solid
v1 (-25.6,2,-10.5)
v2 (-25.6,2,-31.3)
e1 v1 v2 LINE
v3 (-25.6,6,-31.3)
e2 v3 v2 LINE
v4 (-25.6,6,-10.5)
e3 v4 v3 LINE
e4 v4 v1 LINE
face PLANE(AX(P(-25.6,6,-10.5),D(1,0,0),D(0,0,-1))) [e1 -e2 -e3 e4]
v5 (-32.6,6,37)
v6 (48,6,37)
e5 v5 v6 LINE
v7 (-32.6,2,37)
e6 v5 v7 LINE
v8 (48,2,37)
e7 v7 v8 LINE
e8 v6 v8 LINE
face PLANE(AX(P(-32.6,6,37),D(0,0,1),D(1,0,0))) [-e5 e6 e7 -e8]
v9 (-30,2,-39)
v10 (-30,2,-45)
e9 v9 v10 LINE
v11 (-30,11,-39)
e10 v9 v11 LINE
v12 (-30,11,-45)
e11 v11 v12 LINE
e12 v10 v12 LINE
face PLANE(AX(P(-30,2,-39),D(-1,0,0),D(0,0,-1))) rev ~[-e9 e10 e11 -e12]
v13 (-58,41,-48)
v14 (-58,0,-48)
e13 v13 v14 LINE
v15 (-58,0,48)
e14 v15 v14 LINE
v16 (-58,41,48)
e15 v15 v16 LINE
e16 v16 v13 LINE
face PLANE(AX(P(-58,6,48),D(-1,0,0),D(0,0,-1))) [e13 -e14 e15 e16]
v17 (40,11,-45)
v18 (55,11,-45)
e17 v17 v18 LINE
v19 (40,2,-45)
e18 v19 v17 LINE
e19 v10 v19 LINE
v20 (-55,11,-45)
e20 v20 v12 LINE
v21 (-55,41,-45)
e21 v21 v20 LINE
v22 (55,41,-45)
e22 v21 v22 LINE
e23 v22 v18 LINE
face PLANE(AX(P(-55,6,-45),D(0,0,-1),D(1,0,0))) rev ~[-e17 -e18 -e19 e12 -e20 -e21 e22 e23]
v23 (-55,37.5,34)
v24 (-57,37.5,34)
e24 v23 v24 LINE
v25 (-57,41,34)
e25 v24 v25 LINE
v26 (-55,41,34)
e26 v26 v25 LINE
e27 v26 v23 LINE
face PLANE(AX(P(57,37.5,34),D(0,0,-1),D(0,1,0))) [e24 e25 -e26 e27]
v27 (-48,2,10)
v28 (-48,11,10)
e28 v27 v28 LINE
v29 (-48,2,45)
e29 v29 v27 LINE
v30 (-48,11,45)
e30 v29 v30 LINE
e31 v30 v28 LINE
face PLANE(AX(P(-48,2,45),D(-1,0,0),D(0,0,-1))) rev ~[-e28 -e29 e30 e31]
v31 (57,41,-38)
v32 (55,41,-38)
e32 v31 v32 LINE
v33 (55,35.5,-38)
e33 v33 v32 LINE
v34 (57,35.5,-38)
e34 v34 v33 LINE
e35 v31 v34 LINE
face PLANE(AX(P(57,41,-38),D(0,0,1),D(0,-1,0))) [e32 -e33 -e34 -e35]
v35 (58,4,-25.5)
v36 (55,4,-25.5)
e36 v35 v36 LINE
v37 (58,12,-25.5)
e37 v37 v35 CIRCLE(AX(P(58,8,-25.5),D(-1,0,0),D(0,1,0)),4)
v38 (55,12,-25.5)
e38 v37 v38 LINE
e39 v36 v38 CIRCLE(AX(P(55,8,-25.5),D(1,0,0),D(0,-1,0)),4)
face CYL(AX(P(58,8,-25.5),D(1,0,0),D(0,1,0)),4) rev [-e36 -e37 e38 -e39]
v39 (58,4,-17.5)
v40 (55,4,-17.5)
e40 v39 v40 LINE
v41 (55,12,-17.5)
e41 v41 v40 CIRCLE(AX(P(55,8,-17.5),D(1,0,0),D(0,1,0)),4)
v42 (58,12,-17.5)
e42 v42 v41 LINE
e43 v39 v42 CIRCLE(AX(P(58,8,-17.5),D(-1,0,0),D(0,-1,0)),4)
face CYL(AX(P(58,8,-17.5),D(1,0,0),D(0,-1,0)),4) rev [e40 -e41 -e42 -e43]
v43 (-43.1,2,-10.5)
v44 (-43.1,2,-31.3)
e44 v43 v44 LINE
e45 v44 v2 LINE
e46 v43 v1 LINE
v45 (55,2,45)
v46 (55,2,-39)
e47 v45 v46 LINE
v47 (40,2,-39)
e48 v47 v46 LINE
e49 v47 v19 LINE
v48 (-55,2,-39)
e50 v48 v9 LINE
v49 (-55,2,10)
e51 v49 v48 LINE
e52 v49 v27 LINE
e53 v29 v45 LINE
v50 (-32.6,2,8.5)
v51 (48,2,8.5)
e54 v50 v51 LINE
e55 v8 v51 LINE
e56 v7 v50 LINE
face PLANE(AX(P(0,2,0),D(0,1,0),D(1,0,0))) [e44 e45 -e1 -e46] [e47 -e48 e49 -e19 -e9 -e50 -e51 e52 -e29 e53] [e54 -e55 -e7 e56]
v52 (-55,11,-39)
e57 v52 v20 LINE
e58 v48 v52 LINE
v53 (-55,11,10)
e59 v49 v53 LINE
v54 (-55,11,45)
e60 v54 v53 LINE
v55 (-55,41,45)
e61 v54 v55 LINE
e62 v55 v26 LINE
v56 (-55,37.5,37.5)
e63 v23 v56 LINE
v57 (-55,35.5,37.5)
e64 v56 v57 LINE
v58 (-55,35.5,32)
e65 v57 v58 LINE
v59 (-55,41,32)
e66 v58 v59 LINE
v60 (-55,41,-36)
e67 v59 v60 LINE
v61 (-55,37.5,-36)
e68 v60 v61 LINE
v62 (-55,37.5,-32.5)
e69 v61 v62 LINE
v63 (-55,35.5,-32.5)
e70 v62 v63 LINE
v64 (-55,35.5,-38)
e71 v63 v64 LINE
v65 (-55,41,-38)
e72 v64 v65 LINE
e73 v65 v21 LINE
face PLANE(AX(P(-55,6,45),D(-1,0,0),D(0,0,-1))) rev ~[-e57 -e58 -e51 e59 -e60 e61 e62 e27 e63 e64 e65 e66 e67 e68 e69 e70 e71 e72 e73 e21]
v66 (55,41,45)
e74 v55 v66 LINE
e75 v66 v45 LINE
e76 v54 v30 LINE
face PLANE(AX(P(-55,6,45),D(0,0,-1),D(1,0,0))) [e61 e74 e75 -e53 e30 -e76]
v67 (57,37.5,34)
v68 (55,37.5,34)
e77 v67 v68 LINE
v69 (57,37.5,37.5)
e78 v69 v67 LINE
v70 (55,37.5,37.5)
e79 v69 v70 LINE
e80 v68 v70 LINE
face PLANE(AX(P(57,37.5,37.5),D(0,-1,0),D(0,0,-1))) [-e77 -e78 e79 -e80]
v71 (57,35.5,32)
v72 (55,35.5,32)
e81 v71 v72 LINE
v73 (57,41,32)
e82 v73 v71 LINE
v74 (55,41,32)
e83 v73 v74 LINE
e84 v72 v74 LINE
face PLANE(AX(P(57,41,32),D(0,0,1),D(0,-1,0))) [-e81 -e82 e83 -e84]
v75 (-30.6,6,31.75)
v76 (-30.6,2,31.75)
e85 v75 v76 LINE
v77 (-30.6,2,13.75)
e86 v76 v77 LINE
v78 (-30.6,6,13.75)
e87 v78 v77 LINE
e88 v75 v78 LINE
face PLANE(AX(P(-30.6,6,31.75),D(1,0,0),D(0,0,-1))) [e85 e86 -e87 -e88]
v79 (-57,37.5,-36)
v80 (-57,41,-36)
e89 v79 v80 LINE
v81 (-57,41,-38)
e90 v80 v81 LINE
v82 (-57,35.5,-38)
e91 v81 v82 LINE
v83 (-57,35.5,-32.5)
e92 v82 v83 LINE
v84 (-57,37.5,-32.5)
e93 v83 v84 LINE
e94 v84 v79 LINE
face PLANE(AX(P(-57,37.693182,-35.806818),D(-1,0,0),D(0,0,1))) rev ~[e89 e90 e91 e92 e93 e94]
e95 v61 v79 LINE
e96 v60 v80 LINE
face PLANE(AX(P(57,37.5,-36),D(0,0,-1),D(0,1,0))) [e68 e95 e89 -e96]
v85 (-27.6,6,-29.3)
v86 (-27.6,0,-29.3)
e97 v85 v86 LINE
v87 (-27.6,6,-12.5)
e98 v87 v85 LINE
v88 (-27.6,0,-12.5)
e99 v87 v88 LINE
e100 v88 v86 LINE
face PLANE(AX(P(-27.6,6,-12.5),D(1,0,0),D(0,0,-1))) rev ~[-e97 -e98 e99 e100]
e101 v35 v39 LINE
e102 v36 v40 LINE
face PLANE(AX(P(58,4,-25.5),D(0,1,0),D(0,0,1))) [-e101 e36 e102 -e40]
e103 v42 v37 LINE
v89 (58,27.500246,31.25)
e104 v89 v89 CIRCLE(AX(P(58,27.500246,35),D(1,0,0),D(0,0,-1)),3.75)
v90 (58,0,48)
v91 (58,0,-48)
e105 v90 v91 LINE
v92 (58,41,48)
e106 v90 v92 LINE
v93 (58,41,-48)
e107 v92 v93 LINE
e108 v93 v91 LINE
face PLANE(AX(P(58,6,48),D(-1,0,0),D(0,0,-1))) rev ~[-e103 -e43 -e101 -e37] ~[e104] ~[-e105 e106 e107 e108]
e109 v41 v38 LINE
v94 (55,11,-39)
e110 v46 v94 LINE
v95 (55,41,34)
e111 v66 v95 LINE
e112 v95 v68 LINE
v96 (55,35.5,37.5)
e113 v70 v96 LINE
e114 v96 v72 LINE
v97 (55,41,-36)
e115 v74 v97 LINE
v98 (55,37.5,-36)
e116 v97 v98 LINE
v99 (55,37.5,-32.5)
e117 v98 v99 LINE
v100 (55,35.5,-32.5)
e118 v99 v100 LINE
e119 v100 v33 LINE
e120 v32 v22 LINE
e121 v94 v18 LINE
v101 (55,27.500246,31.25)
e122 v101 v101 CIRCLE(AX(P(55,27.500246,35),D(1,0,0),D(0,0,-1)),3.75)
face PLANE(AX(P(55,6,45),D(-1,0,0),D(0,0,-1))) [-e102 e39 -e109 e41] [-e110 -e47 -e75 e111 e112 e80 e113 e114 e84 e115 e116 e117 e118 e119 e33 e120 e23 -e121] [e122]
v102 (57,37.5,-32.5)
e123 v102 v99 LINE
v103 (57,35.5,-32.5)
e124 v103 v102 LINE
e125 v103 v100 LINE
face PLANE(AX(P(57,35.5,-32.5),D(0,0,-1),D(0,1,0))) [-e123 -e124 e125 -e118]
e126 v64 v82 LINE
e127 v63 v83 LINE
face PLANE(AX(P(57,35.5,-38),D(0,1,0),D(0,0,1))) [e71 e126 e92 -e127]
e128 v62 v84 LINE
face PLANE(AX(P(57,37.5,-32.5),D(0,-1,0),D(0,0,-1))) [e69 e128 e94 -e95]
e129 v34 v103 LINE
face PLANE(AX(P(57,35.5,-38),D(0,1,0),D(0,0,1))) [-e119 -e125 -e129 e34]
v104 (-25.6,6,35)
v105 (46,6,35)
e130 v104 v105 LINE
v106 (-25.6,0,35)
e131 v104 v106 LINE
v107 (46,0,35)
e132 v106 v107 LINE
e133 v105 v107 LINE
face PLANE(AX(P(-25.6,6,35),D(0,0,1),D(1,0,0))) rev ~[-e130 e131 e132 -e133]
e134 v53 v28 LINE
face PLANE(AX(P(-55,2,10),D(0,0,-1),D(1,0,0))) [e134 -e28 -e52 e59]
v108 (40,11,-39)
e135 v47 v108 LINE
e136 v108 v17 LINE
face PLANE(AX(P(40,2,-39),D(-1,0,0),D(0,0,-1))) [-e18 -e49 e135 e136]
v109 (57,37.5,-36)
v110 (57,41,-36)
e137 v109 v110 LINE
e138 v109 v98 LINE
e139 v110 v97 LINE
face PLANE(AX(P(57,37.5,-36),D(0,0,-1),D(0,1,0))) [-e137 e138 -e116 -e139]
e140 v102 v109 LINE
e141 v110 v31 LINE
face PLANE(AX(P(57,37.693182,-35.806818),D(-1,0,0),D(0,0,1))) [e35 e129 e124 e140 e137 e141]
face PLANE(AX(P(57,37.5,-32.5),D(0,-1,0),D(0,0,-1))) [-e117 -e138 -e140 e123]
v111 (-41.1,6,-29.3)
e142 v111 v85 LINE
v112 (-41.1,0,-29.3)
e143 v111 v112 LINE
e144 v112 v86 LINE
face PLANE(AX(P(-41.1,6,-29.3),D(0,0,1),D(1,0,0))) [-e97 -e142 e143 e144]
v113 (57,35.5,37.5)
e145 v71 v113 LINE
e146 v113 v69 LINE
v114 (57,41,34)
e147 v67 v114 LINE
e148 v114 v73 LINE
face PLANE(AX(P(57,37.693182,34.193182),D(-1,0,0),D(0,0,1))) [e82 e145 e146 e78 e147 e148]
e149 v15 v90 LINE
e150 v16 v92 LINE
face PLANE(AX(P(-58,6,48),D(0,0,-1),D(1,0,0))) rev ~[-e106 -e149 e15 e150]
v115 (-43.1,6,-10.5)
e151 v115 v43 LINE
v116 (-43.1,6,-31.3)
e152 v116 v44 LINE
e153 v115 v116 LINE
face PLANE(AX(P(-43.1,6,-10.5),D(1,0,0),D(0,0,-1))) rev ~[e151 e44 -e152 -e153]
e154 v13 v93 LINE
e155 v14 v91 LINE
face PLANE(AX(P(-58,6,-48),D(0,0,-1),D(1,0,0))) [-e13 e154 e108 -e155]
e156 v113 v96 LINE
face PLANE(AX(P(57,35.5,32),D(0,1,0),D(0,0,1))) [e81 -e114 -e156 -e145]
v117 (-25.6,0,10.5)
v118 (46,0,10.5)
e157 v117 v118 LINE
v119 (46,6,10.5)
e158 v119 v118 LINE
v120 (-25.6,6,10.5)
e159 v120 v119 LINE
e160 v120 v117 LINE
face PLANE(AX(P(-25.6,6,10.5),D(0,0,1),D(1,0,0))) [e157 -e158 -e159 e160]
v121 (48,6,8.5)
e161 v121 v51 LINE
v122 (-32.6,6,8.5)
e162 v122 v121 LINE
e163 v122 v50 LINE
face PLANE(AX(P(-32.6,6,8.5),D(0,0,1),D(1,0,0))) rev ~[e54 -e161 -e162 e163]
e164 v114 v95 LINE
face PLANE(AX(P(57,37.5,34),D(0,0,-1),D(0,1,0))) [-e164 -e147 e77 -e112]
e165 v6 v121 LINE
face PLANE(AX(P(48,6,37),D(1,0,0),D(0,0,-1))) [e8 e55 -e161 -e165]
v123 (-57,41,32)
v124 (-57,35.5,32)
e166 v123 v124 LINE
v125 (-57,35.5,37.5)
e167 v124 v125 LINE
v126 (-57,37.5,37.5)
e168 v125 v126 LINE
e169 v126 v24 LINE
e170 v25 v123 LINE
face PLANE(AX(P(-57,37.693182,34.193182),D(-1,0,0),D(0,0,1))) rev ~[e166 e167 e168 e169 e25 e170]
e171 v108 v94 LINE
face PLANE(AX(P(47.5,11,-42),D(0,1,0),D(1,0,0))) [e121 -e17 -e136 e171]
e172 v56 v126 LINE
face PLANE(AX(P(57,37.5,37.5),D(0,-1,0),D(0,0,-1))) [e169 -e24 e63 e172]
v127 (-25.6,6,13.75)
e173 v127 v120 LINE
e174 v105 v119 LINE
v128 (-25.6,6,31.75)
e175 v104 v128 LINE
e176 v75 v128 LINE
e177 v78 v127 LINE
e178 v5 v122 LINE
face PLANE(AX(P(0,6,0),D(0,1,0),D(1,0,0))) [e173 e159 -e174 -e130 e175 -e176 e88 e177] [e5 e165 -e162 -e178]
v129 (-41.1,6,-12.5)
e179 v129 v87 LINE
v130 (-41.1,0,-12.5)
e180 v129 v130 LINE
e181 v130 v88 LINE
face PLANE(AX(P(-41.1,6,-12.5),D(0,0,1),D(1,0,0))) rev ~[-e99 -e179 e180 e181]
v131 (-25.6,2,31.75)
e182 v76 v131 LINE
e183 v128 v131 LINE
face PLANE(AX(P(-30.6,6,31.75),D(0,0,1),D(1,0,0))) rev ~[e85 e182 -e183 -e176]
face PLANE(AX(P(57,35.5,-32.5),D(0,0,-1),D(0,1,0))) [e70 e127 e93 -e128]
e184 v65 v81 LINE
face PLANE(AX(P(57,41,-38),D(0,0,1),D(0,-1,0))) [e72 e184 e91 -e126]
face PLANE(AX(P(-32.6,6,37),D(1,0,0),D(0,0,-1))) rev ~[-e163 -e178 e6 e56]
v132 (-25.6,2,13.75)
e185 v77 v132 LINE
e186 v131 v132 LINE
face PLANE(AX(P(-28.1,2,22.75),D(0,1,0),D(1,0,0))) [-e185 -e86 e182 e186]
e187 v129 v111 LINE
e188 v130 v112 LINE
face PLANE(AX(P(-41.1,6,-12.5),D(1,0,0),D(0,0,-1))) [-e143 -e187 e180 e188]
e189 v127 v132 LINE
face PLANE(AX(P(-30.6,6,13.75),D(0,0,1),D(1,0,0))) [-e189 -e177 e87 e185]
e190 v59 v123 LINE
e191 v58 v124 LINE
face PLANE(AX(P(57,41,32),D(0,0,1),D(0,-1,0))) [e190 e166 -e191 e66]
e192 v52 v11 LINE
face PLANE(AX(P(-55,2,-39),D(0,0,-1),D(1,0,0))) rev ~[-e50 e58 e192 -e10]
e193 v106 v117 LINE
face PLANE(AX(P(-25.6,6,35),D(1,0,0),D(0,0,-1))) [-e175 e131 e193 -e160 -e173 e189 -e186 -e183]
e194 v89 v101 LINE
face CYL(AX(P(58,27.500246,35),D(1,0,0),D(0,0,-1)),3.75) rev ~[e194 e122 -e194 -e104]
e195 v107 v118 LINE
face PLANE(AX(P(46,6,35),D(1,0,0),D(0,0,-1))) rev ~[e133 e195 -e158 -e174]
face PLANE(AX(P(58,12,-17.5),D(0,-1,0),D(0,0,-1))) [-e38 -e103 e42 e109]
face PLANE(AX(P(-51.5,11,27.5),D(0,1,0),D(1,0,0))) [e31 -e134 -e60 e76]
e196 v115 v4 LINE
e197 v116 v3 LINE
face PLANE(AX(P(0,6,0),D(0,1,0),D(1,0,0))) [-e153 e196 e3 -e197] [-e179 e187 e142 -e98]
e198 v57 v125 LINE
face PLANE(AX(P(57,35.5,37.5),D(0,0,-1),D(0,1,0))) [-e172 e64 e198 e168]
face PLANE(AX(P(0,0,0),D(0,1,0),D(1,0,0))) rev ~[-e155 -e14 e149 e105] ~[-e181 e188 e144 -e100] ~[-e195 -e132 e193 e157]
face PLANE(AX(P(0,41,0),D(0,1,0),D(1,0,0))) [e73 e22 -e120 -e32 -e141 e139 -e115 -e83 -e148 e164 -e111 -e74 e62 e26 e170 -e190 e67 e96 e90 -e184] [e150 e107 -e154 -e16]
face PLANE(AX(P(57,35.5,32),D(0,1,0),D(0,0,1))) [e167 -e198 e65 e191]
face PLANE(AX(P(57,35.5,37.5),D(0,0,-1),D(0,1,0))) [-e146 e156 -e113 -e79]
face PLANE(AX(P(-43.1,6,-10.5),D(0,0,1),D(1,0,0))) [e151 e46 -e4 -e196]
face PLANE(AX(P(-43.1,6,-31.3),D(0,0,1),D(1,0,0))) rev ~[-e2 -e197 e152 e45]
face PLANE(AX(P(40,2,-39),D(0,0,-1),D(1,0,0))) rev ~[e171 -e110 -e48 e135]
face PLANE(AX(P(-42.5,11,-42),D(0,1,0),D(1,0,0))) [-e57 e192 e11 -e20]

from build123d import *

# Parameters (mm, degrees)
SKETCH1_W           = 116
SKETCH1_H           = 96
BOSS_EXTRUDE1_DEPTH = 6
SKETCH2_W           = 116
SKETCH2_H           = 96
SKETCH2_W_2         = 110
SKETCH2_H_2         = 90
BOSS_EXTRUDE2_DEPTH = 35
SKETCH3_W           = 71.6
SKETCH3_H           = 24.5
SKETCH3_W_2         = 13.5
SKETCH3_H_2         = 16.8
CUT_EXTRUDE1_DEPTH  = 35
SKETCH4_W           = 5
SKETCH4_H           = 18
CUT_EXTRUDE2_DEPTH  = 4
SKETCH6_R           = 3.75
CUT_EXTRUDE3_DEPTH  = 3
SKETCH7_W           = 110
SKETCH7_H           = 90
SKETCH7_W_2         = 80.6
SKETCH7_H_2         = 28.5
SKETCH7_W_3         = 17.5
SKETCH7_H_3         = 20.8
CUT_EXTRUDE4_DEPTH  = 4
SKETCH8_W           = 7
SKETCH8_H           = 35
SKETCH8_W_2         = 15
SKETCH8_H_2         = 6
SKETCH8_W_3         = 25
BOSS_EXTRUDE3_DEPTH = 9
CUT_EXTRUDE6_START  = -1
CUT_EXTRUDE6_DEPTH  = 114


with BuildPart() as part:
    # Sketch1 → Boss-Extrude1 (new body)
    with BuildSketch(Plane(origin=(0, 0, 0), x_dir=(1, 0, 0), z_dir=(0, 1, 0))):
        Rectangle(SKETCH1_W, SKETCH1_H)
    extrude(amount=BOSS_EXTRUDE1_DEPTH)

    # Sketch2 → Boss-Extrude2 (add)
    with BuildSketch(Plane(origin=(0, 6, 0), x_dir=(1, 0, 0), z_dir=(0, 1, 0))):
        Rectangle(SKETCH2_W, SKETCH2_H)
        Rectangle(SKETCH2_W_2, SKETCH2_H_2, mode=Mode.SUBTRACT)
    extrude(amount=BOSS_EXTRUDE2_DEPTH)

    # Sketch3 → Cut-Extrude1 (cut)
    with BuildSketch(Plane(origin=(0, 6, 0), x_dir=(1, 0, 0), z_dir=(0, 1, 0))):
        with Locations((10.2, -22.75)):
            Rectangle(SKETCH3_W, SKETCH3_H)
        with Locations((-34.35, 20.9)):
            Rectangle(SKETCH3_W_2, SKETCH3_H_2)
    extrude(amount=-CUT_EXTRUDE1_DEPTH, mode=Mode.SUBTRACT)

    # Sketch4 → Cut-Extrude2 (cut)
    with BuildSketch(Plane(origin=(0, 6, 0), x_dir=(1, 0, 0), z_dir=(0, 1, 0))):
        with Locations((-28.1, -22.75)):
            Rectangle(SKETCH4_W, SKETCH4_H)
    extrude(amount=-CUT_EXTRUDE2_DEPTH, mode=Mode.SUBTRACT)

    # Sketch6 → Cut-Extrude3 (cut)
    with BuildSketch(Plane(origin=(58, 0, 0), x_dir=(0, 0, -1), z_dir=(1, 0, 0))):
        with Locations((-35, 27.500245912)):
            Circle(SKETCH6_R)
        with BuildLine():
            Line((17.5, 12), (25.5, 12))
            ThreePointArc((25.5, 12), (29.5, 8), (25.5, 4))
            Line((25.5, 4), (17.5, 4))
            ThreePointArc((17.5, 4), (13.5, 8), (17.5, 12))
        make_face()
    extrude(amount=-CUT_EXTRUDE3_DEPTH, mode=Mode.SUBTRACT)

    # Sketch7 → Cut-Extrude4 (cut)
    with BuildSketch(Plane(origin=(0, 6, 0), x_dir=(1, 0, 0), z_dir=(0, 1, 0))):
        Rectangle(SKETCH7_W, SKETCH7_H)
        with Locations((7.7, -22.75)):
            Rectangle(SKETCH7_W_2, SKETCH7_H_2, mode=Mode.SUBTRACT)
        with Locations((-34.35, 20.9)):
            Rectangle(SKETCH7_W_3, SKETCH7_H_3, mode=Mode.SUBTRACT)
    extrude(amount=-CUT_EXTRUDE4_DEPTH, mode=Mode.SUBTRACT)

    # Sketch8 → Boss-Extrude3 (add)
    with BuildSketch(Plane(origin=(0, 2, 0), x_dir=(1, 0, 0), z_dir=(0, 1, 0))):
        with Locations((-51.5, -27.5)):
            Rectangle(SKETCH8_W, SKETCH8_H)
        with Locations((47.5, 42)):
            Rectangle(SKETCH8_W_2, SKETCH8_H_2)
        with Locations((-42.5, 42)):
            Rectangle(SKETCH8_W_3, SKETCH8_H_2)
    extrude(amount=BOSS_EXTRUDE3_DEPTH)

    # Sketch10 → Cut-Extrude6 (cut)
    with BuildSketch(Plane(origin=(58, 0, 0), x_dir=(0, 0, -1), z_dir=(1, 0, 0)).offset(CUT_EXTRUDE6_START)):
        Polygon((-32, 41), (-32, 35.5), (-37.5, 35.5), (-37.5, 37.5), (-34, 37.5), (-34, 41), align=None)
        Polygon((36, 41), (38, 41), (38, 35.5), (32.5, 35.5), (32.5, 37.5), (36, 37.5), align=None)
    extrude(amount=-CUT_EXTRUDE6_DEPTH, mode=Mode.SUBTRACT)


solid = part.part
